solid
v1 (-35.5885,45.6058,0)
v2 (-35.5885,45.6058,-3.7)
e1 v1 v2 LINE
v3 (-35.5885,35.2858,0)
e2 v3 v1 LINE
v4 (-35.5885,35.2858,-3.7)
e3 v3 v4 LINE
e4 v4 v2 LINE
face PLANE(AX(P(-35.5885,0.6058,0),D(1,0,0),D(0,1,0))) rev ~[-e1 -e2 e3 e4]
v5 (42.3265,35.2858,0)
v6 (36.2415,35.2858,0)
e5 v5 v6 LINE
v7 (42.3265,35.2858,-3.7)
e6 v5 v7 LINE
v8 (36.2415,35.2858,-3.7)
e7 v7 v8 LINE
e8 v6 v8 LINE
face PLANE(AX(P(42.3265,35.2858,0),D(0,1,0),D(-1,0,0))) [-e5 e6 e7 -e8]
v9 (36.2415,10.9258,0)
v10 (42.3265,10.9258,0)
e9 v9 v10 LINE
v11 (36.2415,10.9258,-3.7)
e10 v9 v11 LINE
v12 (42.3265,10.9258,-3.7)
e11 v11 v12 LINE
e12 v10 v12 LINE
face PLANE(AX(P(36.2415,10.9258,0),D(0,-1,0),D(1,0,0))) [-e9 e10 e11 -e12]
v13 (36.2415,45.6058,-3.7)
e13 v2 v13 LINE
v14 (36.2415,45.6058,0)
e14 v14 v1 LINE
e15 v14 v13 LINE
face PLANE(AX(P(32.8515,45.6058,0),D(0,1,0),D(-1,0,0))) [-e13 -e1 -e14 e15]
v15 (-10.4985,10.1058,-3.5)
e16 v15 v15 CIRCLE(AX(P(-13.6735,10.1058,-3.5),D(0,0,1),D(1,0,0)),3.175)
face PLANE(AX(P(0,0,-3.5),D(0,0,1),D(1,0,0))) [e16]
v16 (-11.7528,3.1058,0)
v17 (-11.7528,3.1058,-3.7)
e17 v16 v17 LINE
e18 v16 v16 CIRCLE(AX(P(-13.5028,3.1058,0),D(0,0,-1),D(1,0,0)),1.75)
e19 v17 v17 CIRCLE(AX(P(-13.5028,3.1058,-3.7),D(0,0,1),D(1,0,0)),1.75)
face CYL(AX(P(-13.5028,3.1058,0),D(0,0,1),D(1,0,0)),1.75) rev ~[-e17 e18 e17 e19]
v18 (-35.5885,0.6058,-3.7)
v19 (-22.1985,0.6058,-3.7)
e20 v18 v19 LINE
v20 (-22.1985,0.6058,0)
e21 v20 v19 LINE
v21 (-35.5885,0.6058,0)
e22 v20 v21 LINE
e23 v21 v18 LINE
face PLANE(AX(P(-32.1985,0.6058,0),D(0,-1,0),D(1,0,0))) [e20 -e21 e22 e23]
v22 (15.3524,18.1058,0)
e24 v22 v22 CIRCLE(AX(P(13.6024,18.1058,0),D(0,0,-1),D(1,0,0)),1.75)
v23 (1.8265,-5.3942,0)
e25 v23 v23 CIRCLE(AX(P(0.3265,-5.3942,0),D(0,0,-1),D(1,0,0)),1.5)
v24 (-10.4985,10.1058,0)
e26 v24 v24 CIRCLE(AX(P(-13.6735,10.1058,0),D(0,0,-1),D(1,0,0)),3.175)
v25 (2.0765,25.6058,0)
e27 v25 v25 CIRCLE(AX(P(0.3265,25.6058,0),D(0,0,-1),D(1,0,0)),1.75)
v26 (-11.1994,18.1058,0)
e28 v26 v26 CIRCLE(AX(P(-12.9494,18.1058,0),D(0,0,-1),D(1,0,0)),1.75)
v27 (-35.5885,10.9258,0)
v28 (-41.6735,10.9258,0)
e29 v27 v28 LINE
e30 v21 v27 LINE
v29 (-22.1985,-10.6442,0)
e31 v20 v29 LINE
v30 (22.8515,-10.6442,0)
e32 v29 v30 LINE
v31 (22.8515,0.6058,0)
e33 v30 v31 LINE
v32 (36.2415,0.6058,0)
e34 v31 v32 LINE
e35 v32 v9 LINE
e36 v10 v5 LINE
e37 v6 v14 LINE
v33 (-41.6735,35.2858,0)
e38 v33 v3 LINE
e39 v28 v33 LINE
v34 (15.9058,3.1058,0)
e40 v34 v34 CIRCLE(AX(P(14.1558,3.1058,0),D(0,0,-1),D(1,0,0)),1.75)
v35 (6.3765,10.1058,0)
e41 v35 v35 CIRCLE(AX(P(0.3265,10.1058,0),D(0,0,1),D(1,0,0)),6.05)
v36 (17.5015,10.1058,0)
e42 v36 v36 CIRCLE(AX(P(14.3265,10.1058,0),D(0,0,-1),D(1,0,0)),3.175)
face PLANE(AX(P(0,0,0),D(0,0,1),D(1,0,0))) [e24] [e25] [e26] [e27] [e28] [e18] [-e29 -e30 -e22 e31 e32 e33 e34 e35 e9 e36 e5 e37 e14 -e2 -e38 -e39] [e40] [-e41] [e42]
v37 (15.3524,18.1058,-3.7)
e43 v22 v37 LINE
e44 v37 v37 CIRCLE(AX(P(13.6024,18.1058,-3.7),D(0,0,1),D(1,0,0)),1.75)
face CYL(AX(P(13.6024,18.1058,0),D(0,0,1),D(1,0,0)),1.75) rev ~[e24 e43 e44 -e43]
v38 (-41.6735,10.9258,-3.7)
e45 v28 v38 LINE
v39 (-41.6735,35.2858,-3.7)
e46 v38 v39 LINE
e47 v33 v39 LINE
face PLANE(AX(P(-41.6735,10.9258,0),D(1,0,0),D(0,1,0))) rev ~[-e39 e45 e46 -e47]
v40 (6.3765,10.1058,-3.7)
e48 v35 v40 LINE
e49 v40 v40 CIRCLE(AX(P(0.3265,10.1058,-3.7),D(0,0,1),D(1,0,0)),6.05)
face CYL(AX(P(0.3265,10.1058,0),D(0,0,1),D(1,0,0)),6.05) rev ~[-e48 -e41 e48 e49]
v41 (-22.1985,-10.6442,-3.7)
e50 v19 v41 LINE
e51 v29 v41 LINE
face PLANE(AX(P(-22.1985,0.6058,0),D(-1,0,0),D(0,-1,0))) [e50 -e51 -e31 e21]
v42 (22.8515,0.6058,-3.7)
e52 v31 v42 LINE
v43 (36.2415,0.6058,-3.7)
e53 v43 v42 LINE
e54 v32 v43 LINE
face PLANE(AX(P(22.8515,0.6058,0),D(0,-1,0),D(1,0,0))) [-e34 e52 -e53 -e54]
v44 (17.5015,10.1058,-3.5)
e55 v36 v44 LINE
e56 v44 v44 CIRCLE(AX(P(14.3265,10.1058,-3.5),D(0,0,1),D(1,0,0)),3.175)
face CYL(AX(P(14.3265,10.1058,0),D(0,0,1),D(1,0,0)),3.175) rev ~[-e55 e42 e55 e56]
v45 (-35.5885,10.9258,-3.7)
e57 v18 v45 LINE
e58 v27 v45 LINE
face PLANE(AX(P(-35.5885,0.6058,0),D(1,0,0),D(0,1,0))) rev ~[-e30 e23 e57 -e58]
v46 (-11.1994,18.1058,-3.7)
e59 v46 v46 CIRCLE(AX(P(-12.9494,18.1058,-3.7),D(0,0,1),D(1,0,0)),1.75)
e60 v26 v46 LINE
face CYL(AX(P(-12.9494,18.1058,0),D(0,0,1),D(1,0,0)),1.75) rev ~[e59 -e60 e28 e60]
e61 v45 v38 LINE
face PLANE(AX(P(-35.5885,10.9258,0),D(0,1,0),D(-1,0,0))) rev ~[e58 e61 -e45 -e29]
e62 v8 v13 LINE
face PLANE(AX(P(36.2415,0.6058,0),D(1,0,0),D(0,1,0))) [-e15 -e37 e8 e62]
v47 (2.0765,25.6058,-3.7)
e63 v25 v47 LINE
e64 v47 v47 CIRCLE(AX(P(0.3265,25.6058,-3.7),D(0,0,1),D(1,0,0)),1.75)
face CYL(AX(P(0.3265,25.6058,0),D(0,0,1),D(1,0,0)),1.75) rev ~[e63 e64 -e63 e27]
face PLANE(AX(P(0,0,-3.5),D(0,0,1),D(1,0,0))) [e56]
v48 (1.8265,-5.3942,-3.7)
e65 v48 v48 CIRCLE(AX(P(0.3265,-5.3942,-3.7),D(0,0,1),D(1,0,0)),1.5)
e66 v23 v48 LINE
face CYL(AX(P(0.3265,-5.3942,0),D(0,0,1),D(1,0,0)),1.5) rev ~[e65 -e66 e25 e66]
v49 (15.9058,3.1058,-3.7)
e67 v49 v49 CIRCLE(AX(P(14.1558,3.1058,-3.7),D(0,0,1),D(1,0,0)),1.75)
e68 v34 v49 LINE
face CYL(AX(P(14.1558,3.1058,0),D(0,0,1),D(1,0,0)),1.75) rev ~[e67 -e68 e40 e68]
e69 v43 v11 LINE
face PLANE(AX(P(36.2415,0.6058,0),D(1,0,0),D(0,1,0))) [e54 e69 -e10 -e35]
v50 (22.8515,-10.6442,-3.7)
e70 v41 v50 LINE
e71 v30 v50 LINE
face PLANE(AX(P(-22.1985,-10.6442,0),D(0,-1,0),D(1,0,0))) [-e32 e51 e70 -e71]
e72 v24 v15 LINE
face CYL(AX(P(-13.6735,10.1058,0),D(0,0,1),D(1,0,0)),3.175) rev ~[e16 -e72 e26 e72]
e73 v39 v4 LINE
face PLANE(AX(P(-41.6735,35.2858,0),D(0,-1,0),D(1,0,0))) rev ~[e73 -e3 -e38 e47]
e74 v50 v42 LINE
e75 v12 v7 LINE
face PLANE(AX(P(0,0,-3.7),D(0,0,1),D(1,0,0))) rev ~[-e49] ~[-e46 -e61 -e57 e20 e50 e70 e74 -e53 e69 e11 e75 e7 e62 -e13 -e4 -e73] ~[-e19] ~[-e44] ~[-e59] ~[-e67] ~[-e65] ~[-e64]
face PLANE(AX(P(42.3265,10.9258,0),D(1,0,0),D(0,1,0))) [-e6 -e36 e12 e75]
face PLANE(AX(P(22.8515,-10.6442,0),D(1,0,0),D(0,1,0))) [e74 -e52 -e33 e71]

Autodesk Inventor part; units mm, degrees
ref_plane "YZ Plane" through (0, 0, 0) normal (1, 0, 0) x (0, 1, 0)
ref_plane "XZ Plane" through (0, 0, 0) normal (0, 1, 0) x (-1, 0, 0)
ref_plane "XY Plane" through (0, 0, 0) normal (0, 0, 1) x (1, 0, 0)
sketch "Sketch1" plane through (0, 0, 0) normal (0, 0, 1) x (1, 0, 0)
  line L0 (-22.1985, -10.6442) -> (22.8515, -10.6442)
  line L1 (22.8515, -10.6442) -> (22.8515, 0.6058)
  line L2 (22.8515, 0.6058) -> (32.8515, 0.6058)
  line L3 (32.8515, 0.6058) -> (32.8515, 45.6058)
  line L4 (32.8515, 45.6058) -> (-32.1985, 45.6058)
  line L5 (-32.1985, 45.6058) -> (-32.1985, 0.6058)
  line L6 (-32.1985, 0.6058) -> (-22.1985, 0.6058)
  line L7 (-22.1985, 0.6058) -> (-22.1985, -10.6442)
  point P0 (0, 0)
  dimension "d0" = 45.05
  dimension "d1" = 11.25
  dimension "d2" = 10
  dimension "d3" = 45
  dimension "d4" = 45
  dimension "d5" = 10
  dimension "d6" = 65.05
extrude "Extrusion1" add sketch "Sketch1" against normal blind 3.7
sketch "Sketch2" plane through (0, 0, 0) normal (0, 0, 1) x (1, 0, 0)
  point P0 (0, 0)
sketch "Sketch3" plane through (0, 0, 0) normal (0, 0, 1) x (1, 0, 0)
  circle A0 centre (0.3265, 10.1058) radius 6.05
  line L0 (-32.1985, 45.6058) -> (-32.1985, 0.6058) projected
  line L1 (-32.1985, 0.6058) -> (-22.1985, 0.6058) projected
  circle A1 centre (14.3265, 10.1058) radius 3.175
  circle A2 centre (-13.6735, 10.1058) radius 3.175
  circle A3 centre (0.3265, 10.1058) radius 15.5
  circle A4 centre (0.3265, 25.6058) radius 1.75
  circle A5 centre (0.3265, -5.3942) radius 1.5
  line L2 (32.8515, 0.6058) -> (32.8515, 45.6058) projected
  circle A6 centre (-12.9494, 18.1058) radius 1.75
  circle A7 centre (-13.5028, 3.1058) radius 1.75
  circle A8 centre (14.1558, 3.1058) radius 1.75
  circle A9 centre (13.6024, 18.1058) radius 1.75
  circle A10 centre (0.3265, 10.1058) radius 18.5
  point P0 (0, 0)
  dimension "d9" = 12.1
  dimension "d10" = 32.525
  dimension "d11" = 9.5
  dimension "d12" = 6.35
  dimension "d13" = 14
  dimension "d14" = 6.35
  dimension "d15" = 14
  dimension "d20" = 31
  dimension "d21" = 3.5
  dimension "d22" = 32.525
  dimension "d23" = 3
  dimension "d24" = 32.525
  dimension "d25" = 3.5
  dimension "d26" = 8
  dimension "d27" = 3.5
  dimension "d28" = 3.5
  dimension "d29" = 3.5
  dimension "d30" = 8
  dimension "d31" = 15
  dimension "d36" = 37
  dimension "d54" = 15
extrude "Extrusion2" cut sketch "Sketch3" against normal blind 5 contours A0
sketch "Sketch4" plane through (0, 0, 0) normal (0, 0, 1) x (1, 0, 0)
  point P0 (0, 0)
extrude "Extrusion4" cut sketch "Sketch3" against normal blind 3.5 contours A1 A3 | A3 A1 | A3 A2 | A2 A3
extrude "Extrusion5" cut sketch "Sketch3" against normal blind 5 contours A9 A3 | A3 A9 | A8 A3 | A3 A8 | A4 A3 | A3 A4 | A5 A3 | A3 A5 | A6 A3 | A3 A6 | A7 A3 | A3 A7
sketch "Sketch5" plane through (0, 0, 0) normal (0, 0, 1) x (1, 0, 0)
  point P0 (0, 0)
sketch "Sketch6" plane through (0, 0, 0) normal (0, 0, 1) x (1, 0, 0)
  line L0 (-35.5885, 45.6058) -> (-32.1985, 45.6058)
  line L1 (-32.1985, 45.6058) -> (-32.1985, 0.6058)
  line L2 (-32.1985, 0.6058) -> (-35.5885, 0.6058)
  line L3 (-35.5885, 0.6058) -> (-35.5885, 45.6058)
  line L4 (-32.1985, 45.6058) -> (-32.1985, 0.6058) projected
  line L5 (32.8515, 45.6058) -> (-32.1985, 45.6058) projected
  line L6 (-32.1985, 0.6058) -> (-22.1985, 0.6058) projected
  line L7 (32.8515, 45.6058) -> (32.8515, 0.6058)
  line L8 (32.8515, 0.6058) -> (32.8515, 45.6058) projected
  line L9 (32.8515, 0.6058) -> (36.2415, 0.6058)
  line L10 (36.2415, 0.6058) -> (36.2415, 45.6058)
  line L11 (36.2415, 45.6058) -> (32.8515, 45.6058)
  line L12 (22.8515, 0.6058) -> (32.8515, 0.6058) projected
  point P0 (0, 0)
  dimension "d37" = 0
  dimension "d38" = 0
  dimension "d39" = 0
  dimension "d40" = 3.39
  dimension "d41" = 3.39
  dimension "d42" = 0
  dimension "d43" = 0
  dimension "d44" = 0
extrude "Extrusion6" add sketch "Sketch6" against normal blind 3.7
sketch "Sketch7" plane through (0, 0, 0) normal (0, 0, 1) x (1, 0, 0)
  line L0 (30.309, 35.2858) -> (30.309, 10.9258)
  line L1 (30.309, 10.9258) -> (42.3265, 10.9258)
  line L2 (42.3265, 10.9258) -> (42.3265, 35.2858)
  line L3 (42.3265, 35.2858) -> (30.309, 35.2858)
  line L4 (36.2415, 45.6058) -> (-35.5885, 45.6058) projected
  line L5 (22.8515, 0.6058) -> (36.2415, 0.6058) projected
  line L6 (36.2415, 0.6058) -> (36.2415, 45.6058) projected
  line L7 (-41.6735, 35.2858) -> (-29.8249, 35.2858)
  line L8 (-29.8249, 35.2858) -> (-29.8249, 10.9258)
  line L9 (-29.8249, 10.9258) -> (-41.6735, 10.9258)
  line L10 (-41.6735, 10.9258) -> (-41.6735, 35.2858)
  line L11 (-35.5885, 0.6058) -> (-22.1985, 0.6058) projected
  line L12 (-35.5885, 45.6058) -> (-35.5885, 0.6058) projected
  point P0 (0, 0)
  point P1 (36.2415, 35.2858)
  point P2 (36.2415, 10.9258)
  point P3 (-35.5885, 10.9258)
  point P4 (-35.5885, 35.2858)
  dimension "d47" = 10.32
  dimension "d48" = 10.32
  dimension "d49" = 6.085
  dimension "d50" = 10.32
  dimension "d51" = 6.085
extrude "Extrusion7" add sketch "Sketch7" against normal blind 3.7 contours L12 L9 L10 L7 | L3 L2 L1 L6
properties part number "pump part"
